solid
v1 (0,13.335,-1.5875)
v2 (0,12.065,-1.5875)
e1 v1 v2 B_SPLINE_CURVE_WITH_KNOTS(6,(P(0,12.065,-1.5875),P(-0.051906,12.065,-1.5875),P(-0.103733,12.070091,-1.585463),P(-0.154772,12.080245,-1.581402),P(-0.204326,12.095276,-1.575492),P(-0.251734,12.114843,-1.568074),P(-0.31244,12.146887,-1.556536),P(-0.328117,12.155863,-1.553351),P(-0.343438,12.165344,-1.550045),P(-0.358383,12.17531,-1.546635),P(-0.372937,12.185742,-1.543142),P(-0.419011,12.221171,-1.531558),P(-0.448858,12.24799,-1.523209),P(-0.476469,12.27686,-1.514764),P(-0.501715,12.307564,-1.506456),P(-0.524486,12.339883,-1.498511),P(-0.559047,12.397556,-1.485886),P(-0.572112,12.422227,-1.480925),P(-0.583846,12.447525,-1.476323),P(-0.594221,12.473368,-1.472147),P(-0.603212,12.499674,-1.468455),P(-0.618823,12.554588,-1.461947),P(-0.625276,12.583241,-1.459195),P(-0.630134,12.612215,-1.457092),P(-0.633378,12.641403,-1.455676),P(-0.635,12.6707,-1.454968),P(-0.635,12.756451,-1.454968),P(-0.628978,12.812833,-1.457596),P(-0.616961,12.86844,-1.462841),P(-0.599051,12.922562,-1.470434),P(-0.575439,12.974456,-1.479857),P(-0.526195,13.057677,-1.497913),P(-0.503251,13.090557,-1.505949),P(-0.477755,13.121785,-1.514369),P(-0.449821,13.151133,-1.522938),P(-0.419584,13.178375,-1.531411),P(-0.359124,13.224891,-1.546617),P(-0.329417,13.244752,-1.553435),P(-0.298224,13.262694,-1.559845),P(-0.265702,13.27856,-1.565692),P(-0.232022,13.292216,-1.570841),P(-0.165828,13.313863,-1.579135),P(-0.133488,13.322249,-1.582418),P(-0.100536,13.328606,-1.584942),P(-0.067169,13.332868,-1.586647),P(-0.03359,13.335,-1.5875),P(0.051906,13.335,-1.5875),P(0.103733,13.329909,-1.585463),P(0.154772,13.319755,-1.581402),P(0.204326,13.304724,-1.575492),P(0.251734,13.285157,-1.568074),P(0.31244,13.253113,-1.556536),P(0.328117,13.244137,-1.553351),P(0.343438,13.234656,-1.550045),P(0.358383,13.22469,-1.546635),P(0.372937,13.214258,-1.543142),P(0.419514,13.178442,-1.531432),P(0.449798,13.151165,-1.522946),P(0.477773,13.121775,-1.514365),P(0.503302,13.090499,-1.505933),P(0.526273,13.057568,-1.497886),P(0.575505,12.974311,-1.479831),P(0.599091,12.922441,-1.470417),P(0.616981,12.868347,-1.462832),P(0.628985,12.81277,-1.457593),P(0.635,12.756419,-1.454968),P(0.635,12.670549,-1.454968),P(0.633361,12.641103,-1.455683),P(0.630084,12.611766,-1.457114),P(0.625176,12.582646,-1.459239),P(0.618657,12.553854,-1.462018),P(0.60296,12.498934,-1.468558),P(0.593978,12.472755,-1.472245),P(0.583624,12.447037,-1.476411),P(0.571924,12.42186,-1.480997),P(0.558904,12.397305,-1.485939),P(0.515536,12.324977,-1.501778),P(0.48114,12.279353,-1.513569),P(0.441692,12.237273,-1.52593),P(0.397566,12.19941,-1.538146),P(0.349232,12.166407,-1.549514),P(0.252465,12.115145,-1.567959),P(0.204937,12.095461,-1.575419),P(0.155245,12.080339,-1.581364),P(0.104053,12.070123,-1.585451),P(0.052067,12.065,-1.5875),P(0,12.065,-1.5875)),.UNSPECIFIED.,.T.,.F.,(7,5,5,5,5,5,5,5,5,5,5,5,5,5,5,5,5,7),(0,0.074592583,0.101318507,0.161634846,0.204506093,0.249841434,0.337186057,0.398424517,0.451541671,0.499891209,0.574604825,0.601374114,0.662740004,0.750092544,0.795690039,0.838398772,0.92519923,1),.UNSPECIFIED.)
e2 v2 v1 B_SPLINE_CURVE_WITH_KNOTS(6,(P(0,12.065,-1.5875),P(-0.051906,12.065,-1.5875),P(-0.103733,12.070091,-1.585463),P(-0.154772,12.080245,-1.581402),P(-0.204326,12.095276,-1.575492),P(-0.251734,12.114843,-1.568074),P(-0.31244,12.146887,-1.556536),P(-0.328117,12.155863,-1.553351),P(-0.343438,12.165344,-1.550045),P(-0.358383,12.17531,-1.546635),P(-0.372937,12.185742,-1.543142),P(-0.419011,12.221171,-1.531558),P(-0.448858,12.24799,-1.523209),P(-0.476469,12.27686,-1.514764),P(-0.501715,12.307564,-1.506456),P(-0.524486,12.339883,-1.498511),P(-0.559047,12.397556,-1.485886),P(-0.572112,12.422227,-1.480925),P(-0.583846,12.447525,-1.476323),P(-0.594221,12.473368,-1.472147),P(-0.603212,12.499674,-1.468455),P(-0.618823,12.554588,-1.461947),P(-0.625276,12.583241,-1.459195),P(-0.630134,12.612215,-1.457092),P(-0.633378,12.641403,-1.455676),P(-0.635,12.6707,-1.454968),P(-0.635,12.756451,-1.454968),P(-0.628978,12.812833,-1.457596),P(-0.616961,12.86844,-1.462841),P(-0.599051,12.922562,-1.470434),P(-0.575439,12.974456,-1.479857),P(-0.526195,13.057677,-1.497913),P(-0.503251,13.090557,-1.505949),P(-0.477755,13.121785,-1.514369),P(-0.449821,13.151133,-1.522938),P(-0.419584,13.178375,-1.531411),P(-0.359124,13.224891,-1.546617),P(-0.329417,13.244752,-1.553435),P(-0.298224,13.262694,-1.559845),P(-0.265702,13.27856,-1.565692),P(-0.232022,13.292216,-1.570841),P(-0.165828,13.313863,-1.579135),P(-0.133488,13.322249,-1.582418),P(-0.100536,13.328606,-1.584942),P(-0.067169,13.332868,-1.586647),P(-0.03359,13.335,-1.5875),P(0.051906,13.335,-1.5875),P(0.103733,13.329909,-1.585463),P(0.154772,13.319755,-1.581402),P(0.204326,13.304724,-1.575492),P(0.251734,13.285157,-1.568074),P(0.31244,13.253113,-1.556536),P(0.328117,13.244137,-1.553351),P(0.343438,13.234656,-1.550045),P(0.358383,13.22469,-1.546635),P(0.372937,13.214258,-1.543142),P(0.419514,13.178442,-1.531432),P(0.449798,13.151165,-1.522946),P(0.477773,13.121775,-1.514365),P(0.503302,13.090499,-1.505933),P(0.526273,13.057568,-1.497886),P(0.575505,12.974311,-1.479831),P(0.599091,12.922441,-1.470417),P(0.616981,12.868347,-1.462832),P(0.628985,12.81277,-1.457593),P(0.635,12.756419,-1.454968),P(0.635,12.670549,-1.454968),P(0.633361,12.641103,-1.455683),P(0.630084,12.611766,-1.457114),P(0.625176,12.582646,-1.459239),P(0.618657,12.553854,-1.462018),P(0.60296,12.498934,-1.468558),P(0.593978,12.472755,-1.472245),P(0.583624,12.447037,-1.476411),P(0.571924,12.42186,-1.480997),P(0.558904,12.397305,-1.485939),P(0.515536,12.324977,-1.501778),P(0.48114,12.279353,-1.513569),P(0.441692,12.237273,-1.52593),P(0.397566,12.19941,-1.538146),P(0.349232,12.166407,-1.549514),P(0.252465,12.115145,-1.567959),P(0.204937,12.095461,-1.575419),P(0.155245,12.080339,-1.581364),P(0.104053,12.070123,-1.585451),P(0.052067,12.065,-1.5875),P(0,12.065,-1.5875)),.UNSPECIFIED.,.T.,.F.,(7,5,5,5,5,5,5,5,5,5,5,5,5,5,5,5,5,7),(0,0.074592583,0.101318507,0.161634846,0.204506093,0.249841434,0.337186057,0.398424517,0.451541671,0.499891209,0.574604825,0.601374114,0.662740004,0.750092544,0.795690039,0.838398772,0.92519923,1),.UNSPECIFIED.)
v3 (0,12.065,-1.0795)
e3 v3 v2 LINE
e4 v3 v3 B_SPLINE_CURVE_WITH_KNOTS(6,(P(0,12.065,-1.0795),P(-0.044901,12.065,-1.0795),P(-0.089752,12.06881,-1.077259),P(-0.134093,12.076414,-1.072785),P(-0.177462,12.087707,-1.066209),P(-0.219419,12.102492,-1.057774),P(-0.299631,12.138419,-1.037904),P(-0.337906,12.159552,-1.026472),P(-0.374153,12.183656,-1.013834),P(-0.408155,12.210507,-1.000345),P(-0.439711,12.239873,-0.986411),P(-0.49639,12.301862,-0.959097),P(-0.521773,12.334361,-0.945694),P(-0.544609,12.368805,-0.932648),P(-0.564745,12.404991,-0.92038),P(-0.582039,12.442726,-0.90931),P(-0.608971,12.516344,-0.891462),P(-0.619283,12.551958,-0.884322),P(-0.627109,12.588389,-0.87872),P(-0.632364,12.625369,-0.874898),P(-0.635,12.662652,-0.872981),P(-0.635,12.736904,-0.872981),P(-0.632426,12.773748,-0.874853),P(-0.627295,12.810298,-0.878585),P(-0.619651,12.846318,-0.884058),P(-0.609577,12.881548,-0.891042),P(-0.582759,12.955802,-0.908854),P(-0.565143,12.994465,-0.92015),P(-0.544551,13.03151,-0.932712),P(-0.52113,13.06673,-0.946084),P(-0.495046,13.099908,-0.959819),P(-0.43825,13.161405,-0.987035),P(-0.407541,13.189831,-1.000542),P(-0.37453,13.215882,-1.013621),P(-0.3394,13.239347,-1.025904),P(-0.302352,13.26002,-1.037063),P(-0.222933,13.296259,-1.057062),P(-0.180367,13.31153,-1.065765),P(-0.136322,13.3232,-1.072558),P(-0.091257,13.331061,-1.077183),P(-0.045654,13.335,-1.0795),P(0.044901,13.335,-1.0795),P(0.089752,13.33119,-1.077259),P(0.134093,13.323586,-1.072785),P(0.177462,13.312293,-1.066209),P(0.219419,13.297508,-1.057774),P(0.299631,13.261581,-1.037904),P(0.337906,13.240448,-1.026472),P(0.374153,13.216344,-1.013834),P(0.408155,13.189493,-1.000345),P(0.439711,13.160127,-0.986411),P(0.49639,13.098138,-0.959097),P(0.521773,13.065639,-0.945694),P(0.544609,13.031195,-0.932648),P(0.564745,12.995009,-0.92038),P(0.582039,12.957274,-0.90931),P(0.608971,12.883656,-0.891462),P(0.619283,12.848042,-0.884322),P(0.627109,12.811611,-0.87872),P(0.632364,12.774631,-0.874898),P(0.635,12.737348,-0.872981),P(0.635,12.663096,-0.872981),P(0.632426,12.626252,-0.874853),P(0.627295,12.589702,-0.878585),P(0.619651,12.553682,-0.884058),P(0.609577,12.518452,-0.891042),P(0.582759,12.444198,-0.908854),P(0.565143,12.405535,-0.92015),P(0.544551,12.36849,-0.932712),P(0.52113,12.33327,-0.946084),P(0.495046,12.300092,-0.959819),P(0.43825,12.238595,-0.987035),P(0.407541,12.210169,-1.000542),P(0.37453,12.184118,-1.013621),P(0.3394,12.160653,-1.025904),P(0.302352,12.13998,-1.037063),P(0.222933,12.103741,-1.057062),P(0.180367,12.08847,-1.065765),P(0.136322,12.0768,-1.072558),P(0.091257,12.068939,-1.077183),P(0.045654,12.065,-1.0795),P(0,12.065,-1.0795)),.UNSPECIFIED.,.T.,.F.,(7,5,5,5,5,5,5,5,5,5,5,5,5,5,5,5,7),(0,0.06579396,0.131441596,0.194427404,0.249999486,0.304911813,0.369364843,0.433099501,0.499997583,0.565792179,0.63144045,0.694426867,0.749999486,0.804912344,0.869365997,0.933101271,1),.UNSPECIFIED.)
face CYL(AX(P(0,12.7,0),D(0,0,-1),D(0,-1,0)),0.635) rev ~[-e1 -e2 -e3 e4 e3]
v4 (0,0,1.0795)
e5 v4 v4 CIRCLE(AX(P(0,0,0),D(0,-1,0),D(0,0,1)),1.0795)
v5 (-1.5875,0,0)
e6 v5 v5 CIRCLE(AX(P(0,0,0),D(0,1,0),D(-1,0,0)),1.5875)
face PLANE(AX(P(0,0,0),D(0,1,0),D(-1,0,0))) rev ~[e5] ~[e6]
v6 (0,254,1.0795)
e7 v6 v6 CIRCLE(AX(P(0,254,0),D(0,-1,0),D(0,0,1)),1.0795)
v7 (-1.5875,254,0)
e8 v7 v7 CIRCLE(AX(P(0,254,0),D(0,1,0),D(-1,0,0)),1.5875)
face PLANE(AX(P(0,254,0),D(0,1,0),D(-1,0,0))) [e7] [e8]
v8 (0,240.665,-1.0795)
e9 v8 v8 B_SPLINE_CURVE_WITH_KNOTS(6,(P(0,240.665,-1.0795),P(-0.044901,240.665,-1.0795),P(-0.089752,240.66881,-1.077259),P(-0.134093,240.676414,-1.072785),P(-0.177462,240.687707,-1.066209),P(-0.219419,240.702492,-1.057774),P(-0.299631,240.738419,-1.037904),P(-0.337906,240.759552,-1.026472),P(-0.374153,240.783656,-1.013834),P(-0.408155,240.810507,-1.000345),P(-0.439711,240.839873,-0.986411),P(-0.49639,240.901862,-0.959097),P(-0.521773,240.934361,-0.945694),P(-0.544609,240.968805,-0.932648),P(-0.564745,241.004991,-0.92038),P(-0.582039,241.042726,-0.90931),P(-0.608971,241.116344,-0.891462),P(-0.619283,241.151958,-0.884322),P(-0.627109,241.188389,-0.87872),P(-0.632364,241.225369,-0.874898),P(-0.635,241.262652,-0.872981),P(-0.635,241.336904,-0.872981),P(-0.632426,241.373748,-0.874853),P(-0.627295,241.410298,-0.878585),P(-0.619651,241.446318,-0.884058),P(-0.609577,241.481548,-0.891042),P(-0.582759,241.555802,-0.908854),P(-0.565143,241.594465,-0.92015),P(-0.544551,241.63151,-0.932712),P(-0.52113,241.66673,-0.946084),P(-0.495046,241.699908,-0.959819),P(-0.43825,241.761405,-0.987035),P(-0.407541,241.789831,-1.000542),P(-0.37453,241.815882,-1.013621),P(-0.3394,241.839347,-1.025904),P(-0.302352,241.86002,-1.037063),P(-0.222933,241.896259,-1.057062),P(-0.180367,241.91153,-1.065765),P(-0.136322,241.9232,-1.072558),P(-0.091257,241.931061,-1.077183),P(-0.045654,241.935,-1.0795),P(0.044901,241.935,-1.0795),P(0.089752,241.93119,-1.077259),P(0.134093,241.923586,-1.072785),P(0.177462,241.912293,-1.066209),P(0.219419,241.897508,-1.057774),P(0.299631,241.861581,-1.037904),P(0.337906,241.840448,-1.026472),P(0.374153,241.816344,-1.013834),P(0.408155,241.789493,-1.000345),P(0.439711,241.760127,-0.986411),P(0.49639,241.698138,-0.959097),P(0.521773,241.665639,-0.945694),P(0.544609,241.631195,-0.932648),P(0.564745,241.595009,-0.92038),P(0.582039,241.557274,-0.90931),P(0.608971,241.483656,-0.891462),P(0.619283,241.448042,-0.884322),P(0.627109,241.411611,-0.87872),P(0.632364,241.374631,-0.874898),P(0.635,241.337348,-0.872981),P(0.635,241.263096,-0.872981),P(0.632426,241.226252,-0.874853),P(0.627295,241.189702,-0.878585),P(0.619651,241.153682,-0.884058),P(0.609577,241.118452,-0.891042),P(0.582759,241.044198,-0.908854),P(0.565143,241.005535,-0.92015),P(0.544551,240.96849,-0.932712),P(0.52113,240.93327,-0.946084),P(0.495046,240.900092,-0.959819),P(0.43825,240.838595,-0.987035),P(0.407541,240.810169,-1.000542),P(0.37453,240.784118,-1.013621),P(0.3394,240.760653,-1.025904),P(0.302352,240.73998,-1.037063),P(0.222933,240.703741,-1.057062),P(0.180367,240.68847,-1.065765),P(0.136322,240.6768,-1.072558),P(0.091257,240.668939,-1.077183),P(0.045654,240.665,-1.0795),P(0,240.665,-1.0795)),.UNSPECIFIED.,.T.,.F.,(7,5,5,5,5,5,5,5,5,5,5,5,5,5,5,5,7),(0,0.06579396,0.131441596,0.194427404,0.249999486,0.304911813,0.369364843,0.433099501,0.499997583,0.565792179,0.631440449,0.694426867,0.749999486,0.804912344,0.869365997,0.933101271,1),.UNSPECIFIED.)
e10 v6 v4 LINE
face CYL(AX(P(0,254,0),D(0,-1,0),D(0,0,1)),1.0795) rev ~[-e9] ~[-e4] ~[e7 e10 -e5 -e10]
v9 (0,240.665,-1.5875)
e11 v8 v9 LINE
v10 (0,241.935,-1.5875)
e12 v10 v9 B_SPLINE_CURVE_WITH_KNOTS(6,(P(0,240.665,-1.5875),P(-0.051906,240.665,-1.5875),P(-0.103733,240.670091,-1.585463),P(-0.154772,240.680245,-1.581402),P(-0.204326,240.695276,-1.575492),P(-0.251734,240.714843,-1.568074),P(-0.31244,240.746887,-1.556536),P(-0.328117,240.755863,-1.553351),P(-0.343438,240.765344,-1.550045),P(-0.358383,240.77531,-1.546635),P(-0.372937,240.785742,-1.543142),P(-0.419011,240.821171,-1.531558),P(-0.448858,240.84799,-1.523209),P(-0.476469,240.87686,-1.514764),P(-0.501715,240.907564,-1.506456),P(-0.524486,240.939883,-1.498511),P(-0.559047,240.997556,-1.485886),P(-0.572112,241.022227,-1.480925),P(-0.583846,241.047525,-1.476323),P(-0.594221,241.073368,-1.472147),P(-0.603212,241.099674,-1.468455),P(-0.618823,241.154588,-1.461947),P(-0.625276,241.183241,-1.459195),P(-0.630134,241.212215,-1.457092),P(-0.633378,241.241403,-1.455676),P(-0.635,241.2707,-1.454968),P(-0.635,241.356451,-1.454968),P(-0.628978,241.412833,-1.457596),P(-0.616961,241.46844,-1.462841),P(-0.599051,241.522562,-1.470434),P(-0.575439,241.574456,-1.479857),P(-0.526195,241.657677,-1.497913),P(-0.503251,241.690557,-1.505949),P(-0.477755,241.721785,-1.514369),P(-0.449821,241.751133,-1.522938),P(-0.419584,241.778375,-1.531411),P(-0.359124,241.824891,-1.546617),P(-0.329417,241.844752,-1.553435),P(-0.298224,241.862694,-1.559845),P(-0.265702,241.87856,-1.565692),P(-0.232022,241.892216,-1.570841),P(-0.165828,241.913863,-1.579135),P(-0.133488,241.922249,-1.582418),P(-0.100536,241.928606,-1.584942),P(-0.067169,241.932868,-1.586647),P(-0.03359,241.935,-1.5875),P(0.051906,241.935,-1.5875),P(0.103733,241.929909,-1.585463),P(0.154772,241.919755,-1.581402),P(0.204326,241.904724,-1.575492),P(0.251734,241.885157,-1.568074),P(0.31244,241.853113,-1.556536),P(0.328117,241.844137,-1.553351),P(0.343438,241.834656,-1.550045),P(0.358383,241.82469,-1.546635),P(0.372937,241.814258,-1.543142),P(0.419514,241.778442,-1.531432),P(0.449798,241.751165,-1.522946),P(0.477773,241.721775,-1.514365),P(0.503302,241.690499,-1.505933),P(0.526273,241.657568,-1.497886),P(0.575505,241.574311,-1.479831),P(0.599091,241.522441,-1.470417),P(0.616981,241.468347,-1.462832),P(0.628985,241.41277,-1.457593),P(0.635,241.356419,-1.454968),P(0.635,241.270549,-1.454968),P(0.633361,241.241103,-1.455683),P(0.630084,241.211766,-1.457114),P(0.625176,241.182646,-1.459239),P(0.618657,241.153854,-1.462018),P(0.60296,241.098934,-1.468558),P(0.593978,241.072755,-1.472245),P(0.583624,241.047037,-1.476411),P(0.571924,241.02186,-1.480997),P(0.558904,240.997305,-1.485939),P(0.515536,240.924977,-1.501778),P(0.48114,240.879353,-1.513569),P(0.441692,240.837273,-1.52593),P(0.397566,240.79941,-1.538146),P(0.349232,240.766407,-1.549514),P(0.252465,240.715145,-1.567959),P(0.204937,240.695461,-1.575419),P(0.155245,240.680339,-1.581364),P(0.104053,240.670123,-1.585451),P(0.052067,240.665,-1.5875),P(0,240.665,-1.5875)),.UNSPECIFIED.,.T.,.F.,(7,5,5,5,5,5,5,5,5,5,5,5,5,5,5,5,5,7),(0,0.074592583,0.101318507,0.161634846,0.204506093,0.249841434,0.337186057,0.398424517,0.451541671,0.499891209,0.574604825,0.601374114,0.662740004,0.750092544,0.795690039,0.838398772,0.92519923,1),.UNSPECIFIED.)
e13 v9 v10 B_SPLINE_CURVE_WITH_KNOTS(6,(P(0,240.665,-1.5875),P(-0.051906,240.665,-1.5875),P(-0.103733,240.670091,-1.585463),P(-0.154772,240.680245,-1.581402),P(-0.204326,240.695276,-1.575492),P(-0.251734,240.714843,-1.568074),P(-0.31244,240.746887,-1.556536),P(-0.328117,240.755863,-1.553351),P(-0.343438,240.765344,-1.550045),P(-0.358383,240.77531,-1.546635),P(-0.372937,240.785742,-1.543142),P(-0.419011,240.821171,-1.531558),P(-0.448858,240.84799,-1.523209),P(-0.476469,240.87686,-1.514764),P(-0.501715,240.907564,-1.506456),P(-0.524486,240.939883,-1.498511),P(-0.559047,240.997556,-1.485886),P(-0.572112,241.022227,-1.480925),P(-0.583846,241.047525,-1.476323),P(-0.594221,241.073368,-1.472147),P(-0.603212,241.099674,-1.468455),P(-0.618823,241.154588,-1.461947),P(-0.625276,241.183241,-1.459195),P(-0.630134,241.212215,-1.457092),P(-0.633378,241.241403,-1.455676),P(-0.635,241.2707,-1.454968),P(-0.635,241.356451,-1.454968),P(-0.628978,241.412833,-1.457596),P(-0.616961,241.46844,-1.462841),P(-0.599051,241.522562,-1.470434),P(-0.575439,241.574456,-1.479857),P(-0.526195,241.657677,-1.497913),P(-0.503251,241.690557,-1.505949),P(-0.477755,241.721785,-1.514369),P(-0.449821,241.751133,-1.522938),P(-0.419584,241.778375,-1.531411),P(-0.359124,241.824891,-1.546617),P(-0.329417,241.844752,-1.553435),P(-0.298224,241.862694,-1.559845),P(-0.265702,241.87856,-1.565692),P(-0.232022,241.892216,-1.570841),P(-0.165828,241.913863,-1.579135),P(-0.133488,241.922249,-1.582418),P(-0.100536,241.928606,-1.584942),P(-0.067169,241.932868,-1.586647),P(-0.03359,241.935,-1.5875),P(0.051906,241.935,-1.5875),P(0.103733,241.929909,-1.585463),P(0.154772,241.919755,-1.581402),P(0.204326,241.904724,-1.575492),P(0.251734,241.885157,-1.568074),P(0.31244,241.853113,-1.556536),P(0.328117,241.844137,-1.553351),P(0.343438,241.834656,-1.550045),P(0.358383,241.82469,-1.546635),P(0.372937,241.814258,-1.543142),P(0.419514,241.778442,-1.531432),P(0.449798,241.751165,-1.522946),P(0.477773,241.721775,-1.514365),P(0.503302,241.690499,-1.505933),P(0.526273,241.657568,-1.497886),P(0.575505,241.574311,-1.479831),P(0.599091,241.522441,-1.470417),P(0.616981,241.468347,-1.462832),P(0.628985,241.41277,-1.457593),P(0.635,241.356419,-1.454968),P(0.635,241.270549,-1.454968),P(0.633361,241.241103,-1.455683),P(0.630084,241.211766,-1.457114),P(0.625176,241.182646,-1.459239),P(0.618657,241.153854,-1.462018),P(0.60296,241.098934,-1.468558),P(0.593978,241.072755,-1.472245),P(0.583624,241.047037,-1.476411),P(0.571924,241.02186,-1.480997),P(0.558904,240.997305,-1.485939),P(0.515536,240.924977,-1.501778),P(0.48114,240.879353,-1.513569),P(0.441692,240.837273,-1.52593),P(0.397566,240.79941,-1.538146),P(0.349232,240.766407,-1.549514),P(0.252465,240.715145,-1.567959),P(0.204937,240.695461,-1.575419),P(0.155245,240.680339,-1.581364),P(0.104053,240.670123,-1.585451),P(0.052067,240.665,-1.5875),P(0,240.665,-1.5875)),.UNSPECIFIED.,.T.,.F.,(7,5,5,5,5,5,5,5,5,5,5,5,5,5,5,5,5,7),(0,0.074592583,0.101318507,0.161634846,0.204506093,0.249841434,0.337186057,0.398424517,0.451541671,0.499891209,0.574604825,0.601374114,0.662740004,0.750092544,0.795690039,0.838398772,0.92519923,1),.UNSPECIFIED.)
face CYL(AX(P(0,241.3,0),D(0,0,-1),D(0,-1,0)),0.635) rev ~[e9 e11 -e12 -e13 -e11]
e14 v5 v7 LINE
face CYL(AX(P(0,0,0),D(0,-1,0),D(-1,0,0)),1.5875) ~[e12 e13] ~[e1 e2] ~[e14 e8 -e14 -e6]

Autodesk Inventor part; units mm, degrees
ref_plane "YZ Plane" through (0, 0, 0) normal (1, 0, 0) x (0, 1, 0)
ref_plane "XZ Plane" through (0, 0, 0) normal (0, 1, 0) x (-1, 0, 0)
ref_plane "XY Plane" through (0, 0, 0) normal (0, 0, 1) x (1, 0, 0)
sketch "Sketch1" plane through (0, 0, 0) normal (0, 1, 0) x (-1, 0, 0)
  circle A0 centre (0, 0) radius 1.5875
  dimension "d0" = 3.175
extrude "Extrusion1" add sketch "Sketch1" along normal blind 254
sketch "Sketch2" plane through (0, 254, 0) normal (0, 1, 0) x (1, 0, 0)
  circle A0 centre (0, 0) radius 1.5875 projected
hole "Hole1" at (0, 254, 0) direction (0, -1, 0) diameter 2.159 end through all
sketch "Sketch3" plane through (0, 0, 0) normal (0, 0, 1) x (1, 0, 0)
  line L0 (1.5875, 0) -> (-1.5875, 0) projected
  line L1 (0, 0) -> (0, 6.35)
  line L2 (0, 0) -> (6.35, 0) construction
  line L3 (0, 6.35) -> (0, 8.89)
  line L4 (0, 8.89) -> (0, 12.7)
  line L5 (0, 8.89) -> (3.81, 8.89) construction
  circle A0 centre (0, 12.7) radius 0.635
  dimension "d10" = 6.35
  dimension "d11" = 270
  dimension "d12" = 2.54
  dimension "d13" = 3.81
  dimension "d14" = 90
  dimension "d15" = 1.27
sketch "Sketch4" plane through (0, 0, 0) normal (0, 1, 0) x (-1, 0, 0)
  point P0 (0, 0)
sketch "Sketch5" plane through (0, 0, 0) normal (0, 0, 1) x (1, 0, 0)
  line L0 (-1.0795, 254) -> (1.0795, 254) projected
  line L1 (0, 254) -> (0, 241.3)
  circle A0 centre (0, 241.3) radius 0.635
  point P0 (0, 0)
  dimension "d16" = 12.7
  dimension "d17" = 1.27
hole "Hole2" at (0, 241.3, 0) direction (0, 0, -1) diameter 1.27 depth 1.5875 tip angle 118
hole "Hole3" at (0, 12.7, 0) direction (0, 0, -1) diameter 1.27 depth 1.5875 tip angle 118
sketch "Sketch6" plane through (0, 0, 0) normal (1, 0, 0) x (0, 1, 0)
  point P0 (0, 0)
properties part number "burder_rod_2"
